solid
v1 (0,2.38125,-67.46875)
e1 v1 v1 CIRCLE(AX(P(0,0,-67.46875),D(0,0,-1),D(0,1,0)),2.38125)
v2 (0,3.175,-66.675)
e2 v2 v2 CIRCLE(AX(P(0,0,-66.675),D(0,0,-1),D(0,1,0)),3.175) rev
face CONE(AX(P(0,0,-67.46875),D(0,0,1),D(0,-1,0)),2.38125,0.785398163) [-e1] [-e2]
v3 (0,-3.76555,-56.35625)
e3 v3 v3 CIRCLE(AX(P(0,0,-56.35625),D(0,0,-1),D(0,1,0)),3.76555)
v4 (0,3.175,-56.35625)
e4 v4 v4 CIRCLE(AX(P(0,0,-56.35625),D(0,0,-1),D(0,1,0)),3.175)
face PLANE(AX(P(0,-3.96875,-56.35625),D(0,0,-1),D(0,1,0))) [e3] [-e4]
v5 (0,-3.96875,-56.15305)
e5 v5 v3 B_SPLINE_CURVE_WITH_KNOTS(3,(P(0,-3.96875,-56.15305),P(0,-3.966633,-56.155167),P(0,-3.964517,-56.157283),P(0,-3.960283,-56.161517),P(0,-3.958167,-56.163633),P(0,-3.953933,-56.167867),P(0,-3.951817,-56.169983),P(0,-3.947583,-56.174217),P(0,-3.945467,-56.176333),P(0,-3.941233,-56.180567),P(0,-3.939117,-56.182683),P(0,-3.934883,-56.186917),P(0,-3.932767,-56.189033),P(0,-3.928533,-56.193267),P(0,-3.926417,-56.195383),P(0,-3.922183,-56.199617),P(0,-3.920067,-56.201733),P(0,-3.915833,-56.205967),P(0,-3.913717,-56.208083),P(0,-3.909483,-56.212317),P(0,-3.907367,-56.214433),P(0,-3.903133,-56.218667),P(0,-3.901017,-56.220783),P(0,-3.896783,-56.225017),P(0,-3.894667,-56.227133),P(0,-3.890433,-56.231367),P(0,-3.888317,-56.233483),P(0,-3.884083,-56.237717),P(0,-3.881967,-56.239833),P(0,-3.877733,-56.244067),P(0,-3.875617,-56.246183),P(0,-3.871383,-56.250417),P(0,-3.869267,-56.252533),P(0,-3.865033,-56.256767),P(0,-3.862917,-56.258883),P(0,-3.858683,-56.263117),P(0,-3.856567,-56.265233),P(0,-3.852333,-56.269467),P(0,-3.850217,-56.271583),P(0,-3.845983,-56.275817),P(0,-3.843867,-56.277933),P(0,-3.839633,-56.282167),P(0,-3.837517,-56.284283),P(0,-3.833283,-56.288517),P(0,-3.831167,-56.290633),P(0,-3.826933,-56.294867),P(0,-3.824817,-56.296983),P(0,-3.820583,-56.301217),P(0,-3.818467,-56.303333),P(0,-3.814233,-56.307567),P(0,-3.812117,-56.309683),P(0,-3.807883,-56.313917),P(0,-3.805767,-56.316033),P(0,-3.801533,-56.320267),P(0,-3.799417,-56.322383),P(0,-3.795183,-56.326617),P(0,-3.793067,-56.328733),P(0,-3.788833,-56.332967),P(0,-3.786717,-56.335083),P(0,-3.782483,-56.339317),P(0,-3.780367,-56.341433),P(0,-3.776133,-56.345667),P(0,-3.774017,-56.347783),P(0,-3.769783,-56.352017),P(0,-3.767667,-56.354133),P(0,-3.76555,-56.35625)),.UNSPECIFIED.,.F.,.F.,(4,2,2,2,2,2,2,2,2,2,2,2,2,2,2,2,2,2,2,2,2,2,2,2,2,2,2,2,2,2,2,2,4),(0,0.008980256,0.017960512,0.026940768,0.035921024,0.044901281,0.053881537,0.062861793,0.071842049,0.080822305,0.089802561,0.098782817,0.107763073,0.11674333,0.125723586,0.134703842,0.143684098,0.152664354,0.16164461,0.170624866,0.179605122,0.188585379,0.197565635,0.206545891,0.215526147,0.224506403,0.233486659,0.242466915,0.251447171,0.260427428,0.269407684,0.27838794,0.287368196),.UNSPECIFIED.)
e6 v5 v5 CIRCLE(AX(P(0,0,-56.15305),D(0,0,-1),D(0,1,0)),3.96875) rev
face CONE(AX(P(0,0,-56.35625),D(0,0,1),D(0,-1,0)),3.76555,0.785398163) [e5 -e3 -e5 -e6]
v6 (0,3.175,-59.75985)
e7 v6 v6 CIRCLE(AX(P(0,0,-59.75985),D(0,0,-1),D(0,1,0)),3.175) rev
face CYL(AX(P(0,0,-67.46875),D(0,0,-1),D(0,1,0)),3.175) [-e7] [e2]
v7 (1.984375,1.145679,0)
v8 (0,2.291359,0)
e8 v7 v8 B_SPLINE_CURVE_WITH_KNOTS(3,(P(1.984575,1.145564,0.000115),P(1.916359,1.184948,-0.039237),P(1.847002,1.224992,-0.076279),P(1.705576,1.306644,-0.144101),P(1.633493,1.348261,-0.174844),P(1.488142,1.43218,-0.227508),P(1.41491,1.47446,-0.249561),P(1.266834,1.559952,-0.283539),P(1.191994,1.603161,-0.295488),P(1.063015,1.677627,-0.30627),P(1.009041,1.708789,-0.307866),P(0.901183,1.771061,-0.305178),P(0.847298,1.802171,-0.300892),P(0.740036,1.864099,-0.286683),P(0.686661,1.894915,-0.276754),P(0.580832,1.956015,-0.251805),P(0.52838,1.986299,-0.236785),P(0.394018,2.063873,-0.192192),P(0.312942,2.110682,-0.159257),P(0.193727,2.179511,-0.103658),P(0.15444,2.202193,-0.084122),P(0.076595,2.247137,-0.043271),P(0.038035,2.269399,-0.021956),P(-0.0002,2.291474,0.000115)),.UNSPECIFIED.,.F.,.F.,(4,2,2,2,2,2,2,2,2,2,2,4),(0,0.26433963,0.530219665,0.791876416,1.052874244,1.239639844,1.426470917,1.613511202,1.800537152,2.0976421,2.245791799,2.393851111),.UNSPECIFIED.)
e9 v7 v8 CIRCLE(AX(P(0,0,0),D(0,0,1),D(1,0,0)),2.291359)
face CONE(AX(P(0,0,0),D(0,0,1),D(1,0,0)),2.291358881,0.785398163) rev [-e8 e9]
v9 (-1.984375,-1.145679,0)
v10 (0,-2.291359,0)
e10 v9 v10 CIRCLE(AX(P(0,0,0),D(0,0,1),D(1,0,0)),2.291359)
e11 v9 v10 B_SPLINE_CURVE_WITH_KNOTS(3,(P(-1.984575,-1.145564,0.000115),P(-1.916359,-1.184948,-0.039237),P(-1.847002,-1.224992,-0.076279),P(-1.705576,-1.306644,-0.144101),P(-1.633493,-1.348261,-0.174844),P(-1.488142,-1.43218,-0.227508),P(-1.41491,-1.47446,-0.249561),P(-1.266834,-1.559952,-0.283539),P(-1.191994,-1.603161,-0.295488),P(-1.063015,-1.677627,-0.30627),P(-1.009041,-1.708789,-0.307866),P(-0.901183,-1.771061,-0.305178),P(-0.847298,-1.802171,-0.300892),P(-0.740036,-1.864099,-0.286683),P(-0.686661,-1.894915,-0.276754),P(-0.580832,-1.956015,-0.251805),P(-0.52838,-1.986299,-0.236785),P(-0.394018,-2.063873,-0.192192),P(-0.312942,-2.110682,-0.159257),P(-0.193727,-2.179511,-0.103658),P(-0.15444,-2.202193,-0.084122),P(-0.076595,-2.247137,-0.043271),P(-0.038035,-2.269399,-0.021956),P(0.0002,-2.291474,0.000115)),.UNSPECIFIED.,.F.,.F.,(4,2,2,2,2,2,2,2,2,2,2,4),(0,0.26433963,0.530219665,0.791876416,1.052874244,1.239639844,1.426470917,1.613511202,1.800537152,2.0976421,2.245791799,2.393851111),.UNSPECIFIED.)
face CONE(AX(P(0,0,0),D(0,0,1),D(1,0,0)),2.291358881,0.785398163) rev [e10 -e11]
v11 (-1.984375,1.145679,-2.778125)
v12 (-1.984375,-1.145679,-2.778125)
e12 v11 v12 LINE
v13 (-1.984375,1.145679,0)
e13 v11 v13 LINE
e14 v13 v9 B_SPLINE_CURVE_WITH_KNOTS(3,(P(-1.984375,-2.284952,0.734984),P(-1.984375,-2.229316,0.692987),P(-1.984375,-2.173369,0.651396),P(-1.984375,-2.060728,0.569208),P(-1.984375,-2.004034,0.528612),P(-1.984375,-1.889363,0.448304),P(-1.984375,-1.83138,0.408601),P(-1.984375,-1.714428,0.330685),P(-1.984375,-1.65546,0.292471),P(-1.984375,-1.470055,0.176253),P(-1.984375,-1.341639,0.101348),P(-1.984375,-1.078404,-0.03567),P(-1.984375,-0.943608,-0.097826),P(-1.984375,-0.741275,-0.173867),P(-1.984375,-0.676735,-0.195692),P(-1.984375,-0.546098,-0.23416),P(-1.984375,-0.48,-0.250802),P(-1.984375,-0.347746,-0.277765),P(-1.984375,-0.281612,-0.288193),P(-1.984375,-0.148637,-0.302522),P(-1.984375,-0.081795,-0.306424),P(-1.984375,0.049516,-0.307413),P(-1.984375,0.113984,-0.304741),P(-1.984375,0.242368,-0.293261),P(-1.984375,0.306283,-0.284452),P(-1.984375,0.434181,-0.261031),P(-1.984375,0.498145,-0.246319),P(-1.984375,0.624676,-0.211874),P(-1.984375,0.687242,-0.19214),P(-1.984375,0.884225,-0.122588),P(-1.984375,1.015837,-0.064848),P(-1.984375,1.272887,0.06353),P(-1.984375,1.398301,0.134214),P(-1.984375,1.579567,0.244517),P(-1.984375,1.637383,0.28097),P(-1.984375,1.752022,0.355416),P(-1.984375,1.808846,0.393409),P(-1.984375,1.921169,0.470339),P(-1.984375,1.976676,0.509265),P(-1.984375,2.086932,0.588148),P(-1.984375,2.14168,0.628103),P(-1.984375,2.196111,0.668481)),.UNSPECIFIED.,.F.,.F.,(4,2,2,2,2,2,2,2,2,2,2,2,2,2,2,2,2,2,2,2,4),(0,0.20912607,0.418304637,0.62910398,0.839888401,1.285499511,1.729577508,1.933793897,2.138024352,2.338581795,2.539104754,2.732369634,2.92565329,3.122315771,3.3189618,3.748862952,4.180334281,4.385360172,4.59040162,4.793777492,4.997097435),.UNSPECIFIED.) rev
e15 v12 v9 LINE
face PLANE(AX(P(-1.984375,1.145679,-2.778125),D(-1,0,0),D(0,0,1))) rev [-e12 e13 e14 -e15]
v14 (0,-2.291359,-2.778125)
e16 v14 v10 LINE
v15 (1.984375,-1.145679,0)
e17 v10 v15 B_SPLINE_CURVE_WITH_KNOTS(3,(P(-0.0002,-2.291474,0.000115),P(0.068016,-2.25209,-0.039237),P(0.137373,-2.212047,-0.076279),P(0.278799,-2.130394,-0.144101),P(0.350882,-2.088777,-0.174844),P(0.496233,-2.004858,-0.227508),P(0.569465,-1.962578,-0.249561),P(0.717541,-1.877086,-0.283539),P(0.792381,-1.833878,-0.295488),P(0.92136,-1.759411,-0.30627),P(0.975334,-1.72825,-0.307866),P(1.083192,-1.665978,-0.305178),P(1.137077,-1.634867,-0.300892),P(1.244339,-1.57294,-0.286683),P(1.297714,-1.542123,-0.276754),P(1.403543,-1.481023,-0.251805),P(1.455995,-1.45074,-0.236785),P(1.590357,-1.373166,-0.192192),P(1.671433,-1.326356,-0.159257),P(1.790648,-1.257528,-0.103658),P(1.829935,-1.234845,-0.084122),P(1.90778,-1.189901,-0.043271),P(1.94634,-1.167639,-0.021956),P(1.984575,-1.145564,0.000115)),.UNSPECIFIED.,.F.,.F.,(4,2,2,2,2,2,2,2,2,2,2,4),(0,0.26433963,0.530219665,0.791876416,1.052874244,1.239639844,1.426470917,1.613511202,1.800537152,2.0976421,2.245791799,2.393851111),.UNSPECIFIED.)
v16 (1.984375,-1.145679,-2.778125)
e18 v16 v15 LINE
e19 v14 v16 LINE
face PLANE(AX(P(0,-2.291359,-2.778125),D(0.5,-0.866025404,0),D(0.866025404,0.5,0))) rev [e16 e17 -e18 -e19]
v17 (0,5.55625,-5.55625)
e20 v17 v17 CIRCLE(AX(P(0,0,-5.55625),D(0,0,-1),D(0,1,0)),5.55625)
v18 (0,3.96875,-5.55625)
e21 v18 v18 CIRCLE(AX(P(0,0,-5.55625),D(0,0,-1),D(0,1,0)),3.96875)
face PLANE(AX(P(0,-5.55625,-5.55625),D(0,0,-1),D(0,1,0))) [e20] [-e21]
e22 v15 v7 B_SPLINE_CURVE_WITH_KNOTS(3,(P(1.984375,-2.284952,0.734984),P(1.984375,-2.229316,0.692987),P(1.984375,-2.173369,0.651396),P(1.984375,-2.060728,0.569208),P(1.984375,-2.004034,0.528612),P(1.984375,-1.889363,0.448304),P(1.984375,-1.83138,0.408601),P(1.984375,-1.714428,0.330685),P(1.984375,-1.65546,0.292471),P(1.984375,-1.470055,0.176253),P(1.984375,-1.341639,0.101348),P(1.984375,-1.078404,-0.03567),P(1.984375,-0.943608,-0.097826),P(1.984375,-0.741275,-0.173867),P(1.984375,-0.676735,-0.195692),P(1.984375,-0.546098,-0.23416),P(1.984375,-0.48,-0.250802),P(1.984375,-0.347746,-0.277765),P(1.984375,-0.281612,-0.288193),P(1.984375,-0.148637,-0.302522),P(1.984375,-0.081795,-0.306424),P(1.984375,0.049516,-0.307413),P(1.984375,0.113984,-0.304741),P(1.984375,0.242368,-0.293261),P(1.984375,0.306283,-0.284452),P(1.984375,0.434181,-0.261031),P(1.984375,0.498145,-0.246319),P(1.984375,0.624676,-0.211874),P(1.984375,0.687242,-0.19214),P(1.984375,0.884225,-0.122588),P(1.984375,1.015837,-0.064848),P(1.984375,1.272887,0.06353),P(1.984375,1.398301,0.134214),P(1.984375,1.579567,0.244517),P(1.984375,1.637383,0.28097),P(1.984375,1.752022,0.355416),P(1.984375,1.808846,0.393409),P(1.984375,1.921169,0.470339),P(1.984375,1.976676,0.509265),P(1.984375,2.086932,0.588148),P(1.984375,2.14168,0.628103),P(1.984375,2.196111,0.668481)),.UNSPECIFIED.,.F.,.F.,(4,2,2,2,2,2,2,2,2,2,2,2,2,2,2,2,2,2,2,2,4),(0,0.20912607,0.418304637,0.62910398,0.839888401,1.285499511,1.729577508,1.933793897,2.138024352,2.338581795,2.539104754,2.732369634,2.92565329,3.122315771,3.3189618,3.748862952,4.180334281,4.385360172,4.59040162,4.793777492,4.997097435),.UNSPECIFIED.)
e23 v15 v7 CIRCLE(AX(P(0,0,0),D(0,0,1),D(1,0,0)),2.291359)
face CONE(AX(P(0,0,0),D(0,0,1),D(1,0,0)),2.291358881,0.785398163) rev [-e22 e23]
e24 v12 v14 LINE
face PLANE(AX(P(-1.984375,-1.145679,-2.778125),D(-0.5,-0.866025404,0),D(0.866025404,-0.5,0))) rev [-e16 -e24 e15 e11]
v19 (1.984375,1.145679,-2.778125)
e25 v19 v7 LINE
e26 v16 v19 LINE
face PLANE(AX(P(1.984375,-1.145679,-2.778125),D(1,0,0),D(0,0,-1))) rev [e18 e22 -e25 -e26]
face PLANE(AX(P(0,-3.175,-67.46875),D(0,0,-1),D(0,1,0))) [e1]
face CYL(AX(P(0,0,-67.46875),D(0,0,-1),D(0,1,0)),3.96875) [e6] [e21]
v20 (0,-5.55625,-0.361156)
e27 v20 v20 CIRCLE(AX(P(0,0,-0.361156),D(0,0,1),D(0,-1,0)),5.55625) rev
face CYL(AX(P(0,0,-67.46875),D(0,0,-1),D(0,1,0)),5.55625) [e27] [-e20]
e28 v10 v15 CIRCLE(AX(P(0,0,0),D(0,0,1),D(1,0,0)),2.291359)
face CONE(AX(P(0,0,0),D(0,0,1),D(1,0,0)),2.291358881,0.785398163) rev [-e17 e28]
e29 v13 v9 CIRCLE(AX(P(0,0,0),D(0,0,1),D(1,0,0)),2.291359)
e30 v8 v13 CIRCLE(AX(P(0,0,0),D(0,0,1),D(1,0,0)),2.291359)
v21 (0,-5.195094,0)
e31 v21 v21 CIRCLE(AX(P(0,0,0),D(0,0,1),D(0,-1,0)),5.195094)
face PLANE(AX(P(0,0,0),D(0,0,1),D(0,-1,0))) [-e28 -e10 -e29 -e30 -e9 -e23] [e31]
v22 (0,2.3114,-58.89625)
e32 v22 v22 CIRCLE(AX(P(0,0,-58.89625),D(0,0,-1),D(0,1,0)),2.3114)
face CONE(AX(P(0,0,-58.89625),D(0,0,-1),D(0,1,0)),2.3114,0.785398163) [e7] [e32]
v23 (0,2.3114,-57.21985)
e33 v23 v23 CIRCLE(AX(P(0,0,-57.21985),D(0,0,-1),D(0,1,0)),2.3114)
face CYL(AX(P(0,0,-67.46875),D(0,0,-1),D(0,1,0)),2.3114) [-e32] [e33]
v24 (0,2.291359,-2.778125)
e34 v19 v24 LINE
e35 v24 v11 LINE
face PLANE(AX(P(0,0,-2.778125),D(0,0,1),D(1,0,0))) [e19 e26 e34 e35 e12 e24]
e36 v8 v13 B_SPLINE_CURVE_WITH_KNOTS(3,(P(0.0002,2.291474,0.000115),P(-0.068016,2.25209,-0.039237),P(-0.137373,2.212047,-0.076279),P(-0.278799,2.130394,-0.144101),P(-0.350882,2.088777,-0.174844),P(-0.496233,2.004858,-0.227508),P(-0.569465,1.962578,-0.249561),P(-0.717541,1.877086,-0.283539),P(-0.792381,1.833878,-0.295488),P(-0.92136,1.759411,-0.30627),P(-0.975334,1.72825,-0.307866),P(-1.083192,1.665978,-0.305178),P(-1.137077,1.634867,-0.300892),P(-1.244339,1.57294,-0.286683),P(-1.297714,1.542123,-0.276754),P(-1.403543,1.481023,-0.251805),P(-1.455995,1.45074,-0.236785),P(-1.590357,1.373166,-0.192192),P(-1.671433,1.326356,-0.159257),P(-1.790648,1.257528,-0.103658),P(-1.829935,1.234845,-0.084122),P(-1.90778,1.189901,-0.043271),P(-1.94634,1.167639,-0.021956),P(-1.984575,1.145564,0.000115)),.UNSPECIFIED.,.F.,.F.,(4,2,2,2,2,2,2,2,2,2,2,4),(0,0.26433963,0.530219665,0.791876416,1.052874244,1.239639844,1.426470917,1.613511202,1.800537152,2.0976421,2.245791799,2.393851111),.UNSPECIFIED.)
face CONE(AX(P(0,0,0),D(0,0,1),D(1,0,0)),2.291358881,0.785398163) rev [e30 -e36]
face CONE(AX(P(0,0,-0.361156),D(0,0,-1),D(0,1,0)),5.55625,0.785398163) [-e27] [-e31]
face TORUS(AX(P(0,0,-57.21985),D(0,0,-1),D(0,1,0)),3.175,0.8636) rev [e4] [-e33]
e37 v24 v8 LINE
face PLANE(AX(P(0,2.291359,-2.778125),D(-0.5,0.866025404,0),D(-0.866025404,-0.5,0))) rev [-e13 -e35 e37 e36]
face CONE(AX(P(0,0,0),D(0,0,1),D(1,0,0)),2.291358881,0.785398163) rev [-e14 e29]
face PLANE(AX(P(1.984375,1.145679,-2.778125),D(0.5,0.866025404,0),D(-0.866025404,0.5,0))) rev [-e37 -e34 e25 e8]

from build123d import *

# Parameters (mm, degrees)
CHAMFER1_SIZE      = 0.79375
CHAMFER2_SIZE      = 0.36115625
CHAMFER3_SIZE      = 0.2032
CUT_EXTRUDE2_DEPTH = 2.778125


with BuildPart() as part:
    # Sketch1 → Revolve1 (revolve)
    with BuildSketch(Plane(origin=(0, 0, 0), x_dir=(0, 0, -1), z_dir=(1, 0, 0))):
        Polygon((0, 5.55625), (5.55625, 5.55625), (5.55625, 3.96875), (56.35625, 3.96875), (56.35625, 3.175), (67.46875, 3.175), (67.46875, 0), (0, 0), align=None)
    revolve(axis=Axis((0, 0, -67.46875), (0, 0, 1)))

    # Sketch5 → Cut-Revolve1 (revolve, cut)
    with BuildSketch(Plane(origin=(0, 0, 0), x_dir=(0, 0, -1), z_dir=(1, 0, 0))):
        with BuildLine():
            Line((56.35625, 3.96875), (60.5536, 3.96875))
            Line((60.5536, 3.96875), (58.89625, 2.3114))
            Line((58.89625, 2.3114), (57.21985, 2.3114))
            ThreePointArc((57.21985, 2.3114), (56.609192584, 2.564342584), (56.35625, 3.175))
            Line((56.35625, 3.175), (56.35625, 3.96875))
        make_face()
    revolve(axis=Axis((0, 0, -67.46875), (0, 0, 1)), mode=Mode.SUBTRACT)

    # Chamfer1
    chamfer1_edges = [part.edges().sort_by_distance(p)[0] for p in [
        (0, -3.175, -67.46875),
    ]]
    chamfer(chamfer1_edges, length=CHAMFER1_SIZE)

    # Chamfer2
    chamfer2_edges = [part.edges().sort_by_distance(p)[0] for p in [
        (0, -5.55625, 0),
    ]]
    chamfer(chamfer2_edges, length=CHAMFER2_SIZE)

    # Chamfer3
    chamfer3_edges = [part.edges().sort_by_distance(p)[0] for p in [
        (0, -3.96875, -56.35625),
    ]]
    chamfer(chamfer3_edges, length=CHAMFER3_SIZE)

    # Sketch8 → Cut-Extrude2 (cut)
    with BuildSketch(Plane.XY):
        Polygon((1.984375, 1.14567944), (0, 2.291358881), (-1.984375, 1.14567944), (-1.984375, -1.14567944), (0, -2.291358881), (1.984375, -1.14567944), align=None)
    extrude(amount=-CUT_EXTRUDE2_DEPTH, mode=Mode.SUBTRACT)

    # Cut-Extrude4 cone 1 section (through the dimple's axis) → Cut-Extrude4 (revolve, cut)
    with BuildSketch(Plane(origin=(0, 0, 0), x_dir=(0, -1, 0), z_dir=(1, 0, 0))):
        Polygon((0, 0), (2.291358881, 0), (0, 2.291358881), align=None)
    revolve(axis=Axis((0, 0, 0), (0, 0, -1)), mode=Mode.SUBTRACT)


solid = part.part
